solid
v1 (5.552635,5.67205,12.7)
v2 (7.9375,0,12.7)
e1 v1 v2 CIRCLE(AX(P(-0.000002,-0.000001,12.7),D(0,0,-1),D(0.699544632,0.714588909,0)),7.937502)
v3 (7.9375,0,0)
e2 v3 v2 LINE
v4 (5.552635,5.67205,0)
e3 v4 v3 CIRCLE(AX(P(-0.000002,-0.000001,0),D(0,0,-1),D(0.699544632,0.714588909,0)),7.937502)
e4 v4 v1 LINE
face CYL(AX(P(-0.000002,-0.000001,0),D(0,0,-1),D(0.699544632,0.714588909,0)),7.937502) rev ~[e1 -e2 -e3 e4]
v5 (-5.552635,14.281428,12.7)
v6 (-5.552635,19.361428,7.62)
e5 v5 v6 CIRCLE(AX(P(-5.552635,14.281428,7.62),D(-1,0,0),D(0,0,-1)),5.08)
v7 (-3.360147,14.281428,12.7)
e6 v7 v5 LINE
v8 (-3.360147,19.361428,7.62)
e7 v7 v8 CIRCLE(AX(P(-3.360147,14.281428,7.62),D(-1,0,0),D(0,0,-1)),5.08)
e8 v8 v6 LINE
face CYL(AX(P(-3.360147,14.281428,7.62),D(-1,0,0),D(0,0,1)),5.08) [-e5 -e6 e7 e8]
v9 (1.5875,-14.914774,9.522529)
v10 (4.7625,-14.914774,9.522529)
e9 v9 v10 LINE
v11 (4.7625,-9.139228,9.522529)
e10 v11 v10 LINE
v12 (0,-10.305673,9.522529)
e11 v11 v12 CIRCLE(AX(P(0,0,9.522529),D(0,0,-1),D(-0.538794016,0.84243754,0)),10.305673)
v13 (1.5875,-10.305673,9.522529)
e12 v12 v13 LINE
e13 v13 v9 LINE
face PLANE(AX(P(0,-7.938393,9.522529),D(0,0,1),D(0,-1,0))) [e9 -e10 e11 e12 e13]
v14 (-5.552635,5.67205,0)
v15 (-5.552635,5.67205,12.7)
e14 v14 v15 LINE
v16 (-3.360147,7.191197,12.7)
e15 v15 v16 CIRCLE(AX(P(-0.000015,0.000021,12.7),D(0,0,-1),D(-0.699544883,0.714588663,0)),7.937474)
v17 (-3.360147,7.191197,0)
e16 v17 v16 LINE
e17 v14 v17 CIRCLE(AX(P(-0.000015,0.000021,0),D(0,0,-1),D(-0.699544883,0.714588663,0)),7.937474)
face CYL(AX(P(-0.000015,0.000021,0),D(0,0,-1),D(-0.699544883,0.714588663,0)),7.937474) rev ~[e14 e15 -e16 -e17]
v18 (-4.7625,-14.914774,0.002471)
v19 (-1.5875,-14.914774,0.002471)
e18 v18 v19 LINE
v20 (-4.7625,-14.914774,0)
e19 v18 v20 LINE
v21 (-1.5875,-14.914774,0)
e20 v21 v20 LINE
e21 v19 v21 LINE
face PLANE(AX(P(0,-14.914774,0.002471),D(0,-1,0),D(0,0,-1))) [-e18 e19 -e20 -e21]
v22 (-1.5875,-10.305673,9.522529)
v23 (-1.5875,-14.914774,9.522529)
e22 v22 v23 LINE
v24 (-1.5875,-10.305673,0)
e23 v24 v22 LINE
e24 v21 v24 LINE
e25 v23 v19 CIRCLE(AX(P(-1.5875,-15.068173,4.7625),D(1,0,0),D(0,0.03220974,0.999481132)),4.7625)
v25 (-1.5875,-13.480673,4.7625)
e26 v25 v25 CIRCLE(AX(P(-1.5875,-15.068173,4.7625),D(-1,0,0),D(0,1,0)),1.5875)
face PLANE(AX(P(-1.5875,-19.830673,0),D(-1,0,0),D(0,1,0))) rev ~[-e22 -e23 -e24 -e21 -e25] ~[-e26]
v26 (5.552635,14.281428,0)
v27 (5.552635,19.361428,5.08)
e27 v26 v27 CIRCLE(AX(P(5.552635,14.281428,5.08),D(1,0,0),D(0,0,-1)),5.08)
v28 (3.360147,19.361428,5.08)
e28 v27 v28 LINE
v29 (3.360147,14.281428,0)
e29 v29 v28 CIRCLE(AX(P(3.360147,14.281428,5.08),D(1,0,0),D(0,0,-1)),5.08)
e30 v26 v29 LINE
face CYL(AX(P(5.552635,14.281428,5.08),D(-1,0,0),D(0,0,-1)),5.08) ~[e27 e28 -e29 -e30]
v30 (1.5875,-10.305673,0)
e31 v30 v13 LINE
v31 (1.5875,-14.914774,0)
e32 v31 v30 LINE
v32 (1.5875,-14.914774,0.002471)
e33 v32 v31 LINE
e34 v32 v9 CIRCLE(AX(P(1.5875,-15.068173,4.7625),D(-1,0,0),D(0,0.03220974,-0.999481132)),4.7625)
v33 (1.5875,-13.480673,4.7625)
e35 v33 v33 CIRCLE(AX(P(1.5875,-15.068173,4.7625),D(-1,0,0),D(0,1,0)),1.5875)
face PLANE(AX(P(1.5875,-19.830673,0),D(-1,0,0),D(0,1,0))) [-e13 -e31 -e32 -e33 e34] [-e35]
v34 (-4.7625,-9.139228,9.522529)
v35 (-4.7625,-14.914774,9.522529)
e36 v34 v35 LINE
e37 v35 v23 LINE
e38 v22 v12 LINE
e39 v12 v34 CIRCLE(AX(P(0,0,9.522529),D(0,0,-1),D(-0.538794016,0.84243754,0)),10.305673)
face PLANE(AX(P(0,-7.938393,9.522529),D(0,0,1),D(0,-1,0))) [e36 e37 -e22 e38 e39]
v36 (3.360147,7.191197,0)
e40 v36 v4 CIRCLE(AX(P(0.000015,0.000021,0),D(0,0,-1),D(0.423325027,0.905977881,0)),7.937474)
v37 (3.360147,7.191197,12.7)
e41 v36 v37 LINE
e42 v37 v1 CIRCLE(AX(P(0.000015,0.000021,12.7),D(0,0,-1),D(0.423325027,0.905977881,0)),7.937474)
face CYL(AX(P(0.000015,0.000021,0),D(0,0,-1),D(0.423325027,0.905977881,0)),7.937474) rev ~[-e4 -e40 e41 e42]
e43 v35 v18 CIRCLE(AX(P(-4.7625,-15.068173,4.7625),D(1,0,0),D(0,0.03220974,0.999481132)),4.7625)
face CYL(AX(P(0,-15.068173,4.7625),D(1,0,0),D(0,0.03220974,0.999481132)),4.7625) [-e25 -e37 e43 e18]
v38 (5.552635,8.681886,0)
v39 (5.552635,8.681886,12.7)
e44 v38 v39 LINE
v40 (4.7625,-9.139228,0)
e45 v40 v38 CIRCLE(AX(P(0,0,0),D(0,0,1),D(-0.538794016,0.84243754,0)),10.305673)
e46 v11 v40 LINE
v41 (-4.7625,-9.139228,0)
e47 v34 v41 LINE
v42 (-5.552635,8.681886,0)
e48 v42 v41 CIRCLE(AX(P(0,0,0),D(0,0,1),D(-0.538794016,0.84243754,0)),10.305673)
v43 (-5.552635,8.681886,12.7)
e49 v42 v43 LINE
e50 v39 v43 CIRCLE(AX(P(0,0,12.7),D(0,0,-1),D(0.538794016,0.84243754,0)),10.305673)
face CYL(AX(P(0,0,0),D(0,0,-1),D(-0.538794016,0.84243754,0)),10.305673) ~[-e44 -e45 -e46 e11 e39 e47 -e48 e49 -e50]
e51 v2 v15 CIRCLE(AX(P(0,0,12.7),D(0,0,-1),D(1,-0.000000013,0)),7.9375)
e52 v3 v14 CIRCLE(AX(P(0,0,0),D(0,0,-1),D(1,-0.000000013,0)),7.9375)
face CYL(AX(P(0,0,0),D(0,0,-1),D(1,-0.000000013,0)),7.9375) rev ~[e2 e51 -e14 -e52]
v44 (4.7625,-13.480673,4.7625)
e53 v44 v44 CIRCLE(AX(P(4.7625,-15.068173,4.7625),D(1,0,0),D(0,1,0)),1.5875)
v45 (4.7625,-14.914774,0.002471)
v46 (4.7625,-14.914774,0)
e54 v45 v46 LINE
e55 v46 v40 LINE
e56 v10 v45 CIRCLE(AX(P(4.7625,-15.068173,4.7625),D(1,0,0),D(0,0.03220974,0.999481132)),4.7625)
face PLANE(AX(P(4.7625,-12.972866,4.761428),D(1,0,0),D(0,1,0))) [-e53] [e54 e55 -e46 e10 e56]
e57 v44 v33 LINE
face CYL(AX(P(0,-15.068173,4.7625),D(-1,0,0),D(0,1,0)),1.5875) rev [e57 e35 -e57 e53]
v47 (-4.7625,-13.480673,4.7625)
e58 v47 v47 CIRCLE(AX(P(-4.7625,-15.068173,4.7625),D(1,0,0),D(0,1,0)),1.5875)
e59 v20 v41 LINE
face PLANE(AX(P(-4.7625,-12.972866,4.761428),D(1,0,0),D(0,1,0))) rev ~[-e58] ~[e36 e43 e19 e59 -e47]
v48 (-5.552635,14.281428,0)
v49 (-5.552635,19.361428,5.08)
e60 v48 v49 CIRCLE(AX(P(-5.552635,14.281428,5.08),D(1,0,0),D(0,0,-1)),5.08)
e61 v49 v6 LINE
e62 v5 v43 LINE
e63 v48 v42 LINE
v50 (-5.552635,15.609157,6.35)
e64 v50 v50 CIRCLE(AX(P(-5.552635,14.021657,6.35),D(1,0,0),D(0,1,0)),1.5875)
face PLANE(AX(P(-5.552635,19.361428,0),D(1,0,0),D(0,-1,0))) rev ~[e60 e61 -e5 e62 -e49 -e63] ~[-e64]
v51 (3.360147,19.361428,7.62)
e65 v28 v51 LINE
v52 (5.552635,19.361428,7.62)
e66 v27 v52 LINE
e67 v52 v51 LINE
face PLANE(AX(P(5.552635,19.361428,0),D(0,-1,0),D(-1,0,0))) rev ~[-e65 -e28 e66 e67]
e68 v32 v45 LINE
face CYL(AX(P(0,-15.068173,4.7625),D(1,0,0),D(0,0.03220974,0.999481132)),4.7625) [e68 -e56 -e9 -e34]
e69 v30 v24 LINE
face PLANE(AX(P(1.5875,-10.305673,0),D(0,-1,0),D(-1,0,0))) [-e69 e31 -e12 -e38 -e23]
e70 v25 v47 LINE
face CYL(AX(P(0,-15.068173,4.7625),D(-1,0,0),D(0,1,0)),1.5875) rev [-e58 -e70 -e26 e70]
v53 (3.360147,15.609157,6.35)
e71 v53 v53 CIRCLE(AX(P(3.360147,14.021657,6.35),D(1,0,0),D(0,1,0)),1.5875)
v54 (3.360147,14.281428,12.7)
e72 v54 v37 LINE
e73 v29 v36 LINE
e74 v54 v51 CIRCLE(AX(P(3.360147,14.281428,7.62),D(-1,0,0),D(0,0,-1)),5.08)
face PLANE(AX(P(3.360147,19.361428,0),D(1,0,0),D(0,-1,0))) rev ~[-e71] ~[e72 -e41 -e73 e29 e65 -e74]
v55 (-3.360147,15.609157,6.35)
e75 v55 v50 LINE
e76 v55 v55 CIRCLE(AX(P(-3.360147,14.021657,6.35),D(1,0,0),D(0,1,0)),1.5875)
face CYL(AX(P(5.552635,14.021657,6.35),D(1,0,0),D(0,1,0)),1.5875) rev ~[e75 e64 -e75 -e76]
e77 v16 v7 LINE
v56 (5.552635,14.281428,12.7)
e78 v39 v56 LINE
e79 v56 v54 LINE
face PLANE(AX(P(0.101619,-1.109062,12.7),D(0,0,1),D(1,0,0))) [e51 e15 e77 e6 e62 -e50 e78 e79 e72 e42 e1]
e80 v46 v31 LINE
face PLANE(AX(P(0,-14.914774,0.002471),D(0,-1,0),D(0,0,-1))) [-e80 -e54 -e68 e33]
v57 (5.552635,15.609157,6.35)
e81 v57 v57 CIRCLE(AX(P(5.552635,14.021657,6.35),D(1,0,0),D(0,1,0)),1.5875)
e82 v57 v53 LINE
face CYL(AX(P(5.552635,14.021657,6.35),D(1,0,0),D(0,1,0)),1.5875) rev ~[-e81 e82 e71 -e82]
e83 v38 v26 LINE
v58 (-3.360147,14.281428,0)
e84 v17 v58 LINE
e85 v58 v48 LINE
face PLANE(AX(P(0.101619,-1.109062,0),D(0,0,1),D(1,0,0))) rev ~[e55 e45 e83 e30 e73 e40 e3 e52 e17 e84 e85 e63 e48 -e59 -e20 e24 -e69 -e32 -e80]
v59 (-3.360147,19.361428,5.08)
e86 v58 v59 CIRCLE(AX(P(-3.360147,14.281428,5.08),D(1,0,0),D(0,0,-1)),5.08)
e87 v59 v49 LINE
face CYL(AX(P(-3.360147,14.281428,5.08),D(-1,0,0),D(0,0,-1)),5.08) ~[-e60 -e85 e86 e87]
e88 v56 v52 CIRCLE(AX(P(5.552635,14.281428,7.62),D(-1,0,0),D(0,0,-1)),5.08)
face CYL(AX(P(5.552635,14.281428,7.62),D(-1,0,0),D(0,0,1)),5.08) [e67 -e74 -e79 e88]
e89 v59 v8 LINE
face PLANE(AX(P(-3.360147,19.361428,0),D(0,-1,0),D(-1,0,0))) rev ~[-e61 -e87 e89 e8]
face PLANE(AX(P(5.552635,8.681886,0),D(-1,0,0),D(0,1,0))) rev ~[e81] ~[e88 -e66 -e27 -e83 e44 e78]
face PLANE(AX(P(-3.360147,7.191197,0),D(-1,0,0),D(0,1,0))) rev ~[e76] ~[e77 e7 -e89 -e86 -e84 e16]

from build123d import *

# Parameters (mm, degrees)
F2_DEPTH  = 12.7
F1_R      = 1.5875
F3_DEPTH  = 4.7625
F4_R      = 1.5875
F5_DEPTH  = 15.859309
F9_W      = 1.5875
F9_H      = 9.525
F10_DEPTH = 25.4
F12_R     = 5.08


with BuildPart() as f2:
    # F0 (on Top) → F2 (new body)
    with BuildSketch(Plane.XY):
        with BuildLine():
            Line((-5.552635, 5.67205), (-5.552635, 8.681886))
            ThreePointArc((-5.552635, 8.681886), (0, -10.305673), (5.552635, 8.681886))
            Line((5.552635, 8.681886), (5.552635, 5.67205))
            ThreePointArc((5.552635, 5.67205), (7.317033, 3.076513), (7.9375, 0))
            ThreePointArc((7.9375, 0), (-3.076513, -7.317033), (-5.552635, 5.67205))
        make_face()
        with BuildLine():
            Line((-5.552635, 19.361428), (-5.552635, 8.681886))
            Line((-5.552635, 8.681886), (-5.552635, 5.67205))
            ThreePointArc((-5.552635, 5.67205), (-4.520661, 6.52438), (-3.360147, 7.191197))
            Line((-3.360147, 7.191197), (-3.360147, 19.361428))
            Line((-3.360147, 19.361428), (-5.552635, 19.361428))
        make_face()
        with BuildLine():
            Line((5.552635, 5.67205), (5.552635, 8.681886))
            Line((5.552635, 8.681886), (5.552635, 19.361428))
            Line((5.552635, 19.361428), (3.360147, 19.361428))
            Line((3.360147, 19.361428), (3.360147, 7.191197))
            ThreePointArc((3.360147, 7.191197), (4.520661, 6.52438), (5.552635, 5.67205))
        make_face()
    extrude(amount=F2_DEPTH)

    # F1 (on Right) → F3 (join, symmetric)
    with BuildSketch(Plane.YZ):
        with BuildLine():
            Line((-7.938393, 9.522529), (-14.914774, 9.522529))
            ThreePointArc((-14.914774, 9.522529), (-19.830673, 4.7625), (-14.914774, 0.002471))
            Line((-14.914774, 0.002471), (-14.914774, 0))
            Line((-14.914774, 0), (-7.938393, 0))
            Line((-7.938393, 0), (-7.938393, 9.522529))
        make_face()
        with Locations((-15.068173, 4.7625)):
            Circle(F1_R, mode=Mode.SUBTRACT)
    extrude(amount=F3_DEPTH, both=True)

    # F4 (on face) → F5 (cut, through all)
    with BuildSketch(Plane.YZ.offset(5.552635)):
        with Locations((14.021657, 6.35)):
            Circle(F4_R)
    extrude(amount=-F5_DEPTH, mode=Mode.SUBTRACT)


with BuildPart() as f6_1:
    # F6: copy of F2
    add(f2.part)


with BuildPart() as f8_1:
    # F8: copy of F2
    add(f2.part)


with BuildPart() as f10_tool:
    # F9 (on Top) → F10 (new body)
    with BuildSketch(Plane.XY):
        with Locations((0.79375, -15.068173)):
            Rectangle(F9_W, F9_H)
        with Locations((-0.79375, -15.068173)):
            Rectangle(F9_W, F9_H)
    extrude(amount=F10_DEPTH)


with BuildPart() as f2_1:
    add(f2.part)

    # F10: cut by f10_tool
    add(f10_tool.part, mode=Mode.SUBTRACT)


with BuildPart() as f8_1_1:
    add(f8_1.part)

    # F10: cut by f10_tool
    add(f10_tool.part, mode=Mode.SUBTRACT)

    # F12
    f12_edges = [f8_1_1.edges().sort_by_distance(p)[0] for p in [
        (-4.456391, 19.361428, 12.7),
        (4.456391, 19.361428, 12.7),
        (-4.456391, 19.361428, 0),
        (4.456391, 19.361428, 0),
    ]]
    fillet(f12_edges, radius=F12_R)


solid = f8_1_1.part
